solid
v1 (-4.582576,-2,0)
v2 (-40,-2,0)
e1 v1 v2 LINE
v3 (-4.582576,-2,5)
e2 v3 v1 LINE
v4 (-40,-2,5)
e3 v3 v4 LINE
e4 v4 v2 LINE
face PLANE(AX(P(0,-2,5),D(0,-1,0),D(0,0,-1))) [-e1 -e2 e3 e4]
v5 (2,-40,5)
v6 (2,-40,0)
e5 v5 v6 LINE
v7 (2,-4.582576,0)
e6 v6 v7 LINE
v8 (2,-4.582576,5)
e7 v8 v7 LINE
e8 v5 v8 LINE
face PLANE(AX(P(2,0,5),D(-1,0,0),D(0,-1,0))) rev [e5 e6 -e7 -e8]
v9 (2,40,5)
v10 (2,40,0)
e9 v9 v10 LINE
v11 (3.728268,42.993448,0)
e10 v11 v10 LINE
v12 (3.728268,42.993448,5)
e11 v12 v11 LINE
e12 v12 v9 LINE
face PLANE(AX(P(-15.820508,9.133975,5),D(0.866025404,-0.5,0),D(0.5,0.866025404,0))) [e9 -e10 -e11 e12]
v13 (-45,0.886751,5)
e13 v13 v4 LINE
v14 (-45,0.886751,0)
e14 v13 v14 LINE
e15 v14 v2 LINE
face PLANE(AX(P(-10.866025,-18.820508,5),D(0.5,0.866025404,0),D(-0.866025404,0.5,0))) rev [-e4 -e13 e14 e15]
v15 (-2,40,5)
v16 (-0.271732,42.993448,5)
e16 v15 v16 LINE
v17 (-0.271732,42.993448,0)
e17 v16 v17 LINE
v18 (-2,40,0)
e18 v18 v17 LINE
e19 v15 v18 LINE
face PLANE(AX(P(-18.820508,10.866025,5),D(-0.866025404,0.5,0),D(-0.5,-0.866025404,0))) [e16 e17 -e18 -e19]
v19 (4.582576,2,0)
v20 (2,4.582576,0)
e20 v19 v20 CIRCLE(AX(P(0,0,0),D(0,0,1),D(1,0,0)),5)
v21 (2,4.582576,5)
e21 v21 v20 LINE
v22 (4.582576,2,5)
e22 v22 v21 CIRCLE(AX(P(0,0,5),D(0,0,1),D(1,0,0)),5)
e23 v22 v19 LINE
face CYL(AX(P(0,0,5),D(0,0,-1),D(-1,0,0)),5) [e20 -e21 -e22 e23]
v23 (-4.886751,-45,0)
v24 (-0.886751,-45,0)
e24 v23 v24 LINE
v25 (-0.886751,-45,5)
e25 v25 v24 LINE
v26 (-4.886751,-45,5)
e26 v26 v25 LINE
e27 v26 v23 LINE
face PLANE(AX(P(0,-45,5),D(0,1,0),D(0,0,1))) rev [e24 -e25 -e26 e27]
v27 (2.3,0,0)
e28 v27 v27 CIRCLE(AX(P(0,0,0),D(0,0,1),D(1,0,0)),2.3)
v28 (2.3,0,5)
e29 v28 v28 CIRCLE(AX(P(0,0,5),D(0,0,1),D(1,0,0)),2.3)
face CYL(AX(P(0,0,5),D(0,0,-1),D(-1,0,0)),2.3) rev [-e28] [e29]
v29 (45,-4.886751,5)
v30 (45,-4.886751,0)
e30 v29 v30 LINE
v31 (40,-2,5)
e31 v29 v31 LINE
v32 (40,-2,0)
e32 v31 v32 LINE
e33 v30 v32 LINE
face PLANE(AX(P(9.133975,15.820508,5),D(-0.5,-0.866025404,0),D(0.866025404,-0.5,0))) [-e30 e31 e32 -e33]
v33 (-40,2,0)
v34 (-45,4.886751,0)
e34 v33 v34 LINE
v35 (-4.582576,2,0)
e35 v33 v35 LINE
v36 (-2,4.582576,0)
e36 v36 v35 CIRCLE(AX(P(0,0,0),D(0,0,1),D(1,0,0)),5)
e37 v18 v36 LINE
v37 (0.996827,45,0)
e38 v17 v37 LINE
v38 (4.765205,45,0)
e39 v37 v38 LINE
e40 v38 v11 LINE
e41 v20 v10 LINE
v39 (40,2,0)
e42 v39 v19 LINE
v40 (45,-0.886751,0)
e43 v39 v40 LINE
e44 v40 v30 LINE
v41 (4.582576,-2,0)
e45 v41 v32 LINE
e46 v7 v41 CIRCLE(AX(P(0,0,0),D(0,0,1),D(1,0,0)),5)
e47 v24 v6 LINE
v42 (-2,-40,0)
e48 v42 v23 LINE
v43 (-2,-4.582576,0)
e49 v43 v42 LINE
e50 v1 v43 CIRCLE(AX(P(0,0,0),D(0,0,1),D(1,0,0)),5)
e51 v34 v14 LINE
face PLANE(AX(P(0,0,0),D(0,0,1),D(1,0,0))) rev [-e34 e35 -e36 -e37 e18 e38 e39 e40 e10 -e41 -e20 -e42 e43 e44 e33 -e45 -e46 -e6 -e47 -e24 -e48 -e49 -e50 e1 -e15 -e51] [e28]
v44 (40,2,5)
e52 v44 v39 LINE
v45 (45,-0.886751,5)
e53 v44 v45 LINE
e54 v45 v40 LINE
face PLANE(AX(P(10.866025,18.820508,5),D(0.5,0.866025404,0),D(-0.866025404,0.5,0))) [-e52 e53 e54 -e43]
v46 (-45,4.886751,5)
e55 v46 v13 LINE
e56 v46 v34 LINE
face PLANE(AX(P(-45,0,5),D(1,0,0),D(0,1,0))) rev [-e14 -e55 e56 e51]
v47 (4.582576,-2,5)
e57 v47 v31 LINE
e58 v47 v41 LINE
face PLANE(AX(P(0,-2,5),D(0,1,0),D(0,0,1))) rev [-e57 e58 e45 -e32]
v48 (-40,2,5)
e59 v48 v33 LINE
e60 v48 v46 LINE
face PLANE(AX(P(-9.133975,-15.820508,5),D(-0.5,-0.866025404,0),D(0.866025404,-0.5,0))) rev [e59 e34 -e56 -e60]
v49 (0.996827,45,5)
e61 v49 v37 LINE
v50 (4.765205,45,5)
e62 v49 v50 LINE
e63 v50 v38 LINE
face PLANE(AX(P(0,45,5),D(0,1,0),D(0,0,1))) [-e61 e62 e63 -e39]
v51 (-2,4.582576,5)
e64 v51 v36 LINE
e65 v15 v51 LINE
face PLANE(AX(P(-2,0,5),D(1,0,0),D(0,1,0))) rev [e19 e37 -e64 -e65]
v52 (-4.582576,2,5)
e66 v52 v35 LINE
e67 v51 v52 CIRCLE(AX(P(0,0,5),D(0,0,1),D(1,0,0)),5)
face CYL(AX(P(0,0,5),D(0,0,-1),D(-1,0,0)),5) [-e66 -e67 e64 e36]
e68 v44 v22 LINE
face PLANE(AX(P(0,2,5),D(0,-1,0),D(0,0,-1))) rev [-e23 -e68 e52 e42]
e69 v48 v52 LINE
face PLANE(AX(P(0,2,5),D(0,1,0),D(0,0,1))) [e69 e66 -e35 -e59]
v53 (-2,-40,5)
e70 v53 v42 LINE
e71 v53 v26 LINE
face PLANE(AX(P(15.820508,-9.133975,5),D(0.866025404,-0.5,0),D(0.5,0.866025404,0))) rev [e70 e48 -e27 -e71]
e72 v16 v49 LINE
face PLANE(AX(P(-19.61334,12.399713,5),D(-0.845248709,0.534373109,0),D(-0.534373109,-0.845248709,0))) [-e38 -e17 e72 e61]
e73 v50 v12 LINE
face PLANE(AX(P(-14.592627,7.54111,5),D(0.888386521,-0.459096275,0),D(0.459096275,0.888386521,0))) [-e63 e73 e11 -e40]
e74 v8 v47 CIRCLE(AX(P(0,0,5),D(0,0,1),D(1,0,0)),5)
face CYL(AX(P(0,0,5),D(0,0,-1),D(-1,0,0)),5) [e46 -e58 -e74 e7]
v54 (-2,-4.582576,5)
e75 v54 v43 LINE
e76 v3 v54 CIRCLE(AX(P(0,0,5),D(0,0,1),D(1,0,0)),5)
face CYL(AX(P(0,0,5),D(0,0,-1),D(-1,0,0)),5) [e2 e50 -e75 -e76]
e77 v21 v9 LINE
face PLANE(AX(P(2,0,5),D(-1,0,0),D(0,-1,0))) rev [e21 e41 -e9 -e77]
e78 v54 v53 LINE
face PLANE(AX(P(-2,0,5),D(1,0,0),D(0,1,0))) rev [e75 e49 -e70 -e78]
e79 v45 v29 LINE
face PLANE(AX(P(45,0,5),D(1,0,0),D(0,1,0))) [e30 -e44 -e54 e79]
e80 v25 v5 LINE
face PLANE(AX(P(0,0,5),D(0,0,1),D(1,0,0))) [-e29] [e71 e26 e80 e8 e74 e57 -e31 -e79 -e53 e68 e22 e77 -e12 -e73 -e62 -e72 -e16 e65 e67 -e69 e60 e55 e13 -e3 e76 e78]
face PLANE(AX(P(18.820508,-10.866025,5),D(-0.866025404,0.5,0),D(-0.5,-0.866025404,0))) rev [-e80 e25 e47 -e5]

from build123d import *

# Parameters (mm, degrees)
SKETCH_1_R      = 5
SKETCH_1_R_2    = 2.3
EXTRUDE_1_DEPTH = 5
SKETCH_2_W      = 2
SKETCH_2_H      = 35.417424305
SKETCH_2_W_2    = 35.417424305
SKETCH_2_H_2    = 2
EXTRUDE_2_DEPTH = 5


with BuildPart() as part:
    # ｽｹｯﾁ1 → ﾎﾞｽ - 押し出し1 (new body)
    with BuildSketch(Plane.XY):
        Circle(SKETCH_1_R)
        Circle(SKETCH_1_R_2, mode=Mode.SUBTRACT)
    extrude(amount=EXTRUDE_1_DEPTH)

    # ｽｹｯﾁ2 → ﾎﾞｽ - 押し出し2 (add)
    with BuildSketch(Plane.XY):
        with Locations((1, 22.291287848)):
            Rectangle(SKETCH_2_W, SKETCH_2_H)
        with Locations((-1, 22.291287848)):
            Rectangle(SKETCH_2_W, SKETCH_2_H)
        Polygon((-2, 40), (0, 40), (2, 40), (3.728267906, 42.993447822), (-0.271732094, 42.993447822), align=None)
        Polygon((4.765204655, 45), (3.728267906, 42.993447822), (-0.271732094, 42.993447822), (0.996826512, 45), align=None)
        with Locations((-22.291287848, 1)):
            Rectangle(SKETCH_2_W_2, SKETCH_2_H_2)
        with Locations((-22.291287848, -1)):
            Rectangle(SKETCH_2_W_2, SKETCH_2_H_2)
        Polygon((-40, -2), (-40, 0), (-40, 2), (-45, 4.886751346), (-45, 0.886751346), align=None)
        with Locations((22.291287848, -1)):
            Rectangle(SKETCH_2_W_2, SKETCH_2_H_2)
        with Locations((22.291287848, 1)):
            Rectangle(SKETCH_2_W_2, SKETCH_2_H_2)
        Polygon((45, -4.886751346), (40, -2), (40, 2), (45, -0.886751346), align=None)
        with Locations((1, -22.291287848)):
            Rectangle(SKETCH_2_W, SKETCH_2_H)
        with Locations((-1, -22.291287848)):
            Rectangle(SKETCH_2_W, SKETCH_2_H)
        Polygon((-4.886751346, -45), (-0.886751346, -45), (2, -40), (0, -40), (-2, -40), align=None)
    extrude(amount=EXTRUDE_2_DEPTH)


solid = part.part
